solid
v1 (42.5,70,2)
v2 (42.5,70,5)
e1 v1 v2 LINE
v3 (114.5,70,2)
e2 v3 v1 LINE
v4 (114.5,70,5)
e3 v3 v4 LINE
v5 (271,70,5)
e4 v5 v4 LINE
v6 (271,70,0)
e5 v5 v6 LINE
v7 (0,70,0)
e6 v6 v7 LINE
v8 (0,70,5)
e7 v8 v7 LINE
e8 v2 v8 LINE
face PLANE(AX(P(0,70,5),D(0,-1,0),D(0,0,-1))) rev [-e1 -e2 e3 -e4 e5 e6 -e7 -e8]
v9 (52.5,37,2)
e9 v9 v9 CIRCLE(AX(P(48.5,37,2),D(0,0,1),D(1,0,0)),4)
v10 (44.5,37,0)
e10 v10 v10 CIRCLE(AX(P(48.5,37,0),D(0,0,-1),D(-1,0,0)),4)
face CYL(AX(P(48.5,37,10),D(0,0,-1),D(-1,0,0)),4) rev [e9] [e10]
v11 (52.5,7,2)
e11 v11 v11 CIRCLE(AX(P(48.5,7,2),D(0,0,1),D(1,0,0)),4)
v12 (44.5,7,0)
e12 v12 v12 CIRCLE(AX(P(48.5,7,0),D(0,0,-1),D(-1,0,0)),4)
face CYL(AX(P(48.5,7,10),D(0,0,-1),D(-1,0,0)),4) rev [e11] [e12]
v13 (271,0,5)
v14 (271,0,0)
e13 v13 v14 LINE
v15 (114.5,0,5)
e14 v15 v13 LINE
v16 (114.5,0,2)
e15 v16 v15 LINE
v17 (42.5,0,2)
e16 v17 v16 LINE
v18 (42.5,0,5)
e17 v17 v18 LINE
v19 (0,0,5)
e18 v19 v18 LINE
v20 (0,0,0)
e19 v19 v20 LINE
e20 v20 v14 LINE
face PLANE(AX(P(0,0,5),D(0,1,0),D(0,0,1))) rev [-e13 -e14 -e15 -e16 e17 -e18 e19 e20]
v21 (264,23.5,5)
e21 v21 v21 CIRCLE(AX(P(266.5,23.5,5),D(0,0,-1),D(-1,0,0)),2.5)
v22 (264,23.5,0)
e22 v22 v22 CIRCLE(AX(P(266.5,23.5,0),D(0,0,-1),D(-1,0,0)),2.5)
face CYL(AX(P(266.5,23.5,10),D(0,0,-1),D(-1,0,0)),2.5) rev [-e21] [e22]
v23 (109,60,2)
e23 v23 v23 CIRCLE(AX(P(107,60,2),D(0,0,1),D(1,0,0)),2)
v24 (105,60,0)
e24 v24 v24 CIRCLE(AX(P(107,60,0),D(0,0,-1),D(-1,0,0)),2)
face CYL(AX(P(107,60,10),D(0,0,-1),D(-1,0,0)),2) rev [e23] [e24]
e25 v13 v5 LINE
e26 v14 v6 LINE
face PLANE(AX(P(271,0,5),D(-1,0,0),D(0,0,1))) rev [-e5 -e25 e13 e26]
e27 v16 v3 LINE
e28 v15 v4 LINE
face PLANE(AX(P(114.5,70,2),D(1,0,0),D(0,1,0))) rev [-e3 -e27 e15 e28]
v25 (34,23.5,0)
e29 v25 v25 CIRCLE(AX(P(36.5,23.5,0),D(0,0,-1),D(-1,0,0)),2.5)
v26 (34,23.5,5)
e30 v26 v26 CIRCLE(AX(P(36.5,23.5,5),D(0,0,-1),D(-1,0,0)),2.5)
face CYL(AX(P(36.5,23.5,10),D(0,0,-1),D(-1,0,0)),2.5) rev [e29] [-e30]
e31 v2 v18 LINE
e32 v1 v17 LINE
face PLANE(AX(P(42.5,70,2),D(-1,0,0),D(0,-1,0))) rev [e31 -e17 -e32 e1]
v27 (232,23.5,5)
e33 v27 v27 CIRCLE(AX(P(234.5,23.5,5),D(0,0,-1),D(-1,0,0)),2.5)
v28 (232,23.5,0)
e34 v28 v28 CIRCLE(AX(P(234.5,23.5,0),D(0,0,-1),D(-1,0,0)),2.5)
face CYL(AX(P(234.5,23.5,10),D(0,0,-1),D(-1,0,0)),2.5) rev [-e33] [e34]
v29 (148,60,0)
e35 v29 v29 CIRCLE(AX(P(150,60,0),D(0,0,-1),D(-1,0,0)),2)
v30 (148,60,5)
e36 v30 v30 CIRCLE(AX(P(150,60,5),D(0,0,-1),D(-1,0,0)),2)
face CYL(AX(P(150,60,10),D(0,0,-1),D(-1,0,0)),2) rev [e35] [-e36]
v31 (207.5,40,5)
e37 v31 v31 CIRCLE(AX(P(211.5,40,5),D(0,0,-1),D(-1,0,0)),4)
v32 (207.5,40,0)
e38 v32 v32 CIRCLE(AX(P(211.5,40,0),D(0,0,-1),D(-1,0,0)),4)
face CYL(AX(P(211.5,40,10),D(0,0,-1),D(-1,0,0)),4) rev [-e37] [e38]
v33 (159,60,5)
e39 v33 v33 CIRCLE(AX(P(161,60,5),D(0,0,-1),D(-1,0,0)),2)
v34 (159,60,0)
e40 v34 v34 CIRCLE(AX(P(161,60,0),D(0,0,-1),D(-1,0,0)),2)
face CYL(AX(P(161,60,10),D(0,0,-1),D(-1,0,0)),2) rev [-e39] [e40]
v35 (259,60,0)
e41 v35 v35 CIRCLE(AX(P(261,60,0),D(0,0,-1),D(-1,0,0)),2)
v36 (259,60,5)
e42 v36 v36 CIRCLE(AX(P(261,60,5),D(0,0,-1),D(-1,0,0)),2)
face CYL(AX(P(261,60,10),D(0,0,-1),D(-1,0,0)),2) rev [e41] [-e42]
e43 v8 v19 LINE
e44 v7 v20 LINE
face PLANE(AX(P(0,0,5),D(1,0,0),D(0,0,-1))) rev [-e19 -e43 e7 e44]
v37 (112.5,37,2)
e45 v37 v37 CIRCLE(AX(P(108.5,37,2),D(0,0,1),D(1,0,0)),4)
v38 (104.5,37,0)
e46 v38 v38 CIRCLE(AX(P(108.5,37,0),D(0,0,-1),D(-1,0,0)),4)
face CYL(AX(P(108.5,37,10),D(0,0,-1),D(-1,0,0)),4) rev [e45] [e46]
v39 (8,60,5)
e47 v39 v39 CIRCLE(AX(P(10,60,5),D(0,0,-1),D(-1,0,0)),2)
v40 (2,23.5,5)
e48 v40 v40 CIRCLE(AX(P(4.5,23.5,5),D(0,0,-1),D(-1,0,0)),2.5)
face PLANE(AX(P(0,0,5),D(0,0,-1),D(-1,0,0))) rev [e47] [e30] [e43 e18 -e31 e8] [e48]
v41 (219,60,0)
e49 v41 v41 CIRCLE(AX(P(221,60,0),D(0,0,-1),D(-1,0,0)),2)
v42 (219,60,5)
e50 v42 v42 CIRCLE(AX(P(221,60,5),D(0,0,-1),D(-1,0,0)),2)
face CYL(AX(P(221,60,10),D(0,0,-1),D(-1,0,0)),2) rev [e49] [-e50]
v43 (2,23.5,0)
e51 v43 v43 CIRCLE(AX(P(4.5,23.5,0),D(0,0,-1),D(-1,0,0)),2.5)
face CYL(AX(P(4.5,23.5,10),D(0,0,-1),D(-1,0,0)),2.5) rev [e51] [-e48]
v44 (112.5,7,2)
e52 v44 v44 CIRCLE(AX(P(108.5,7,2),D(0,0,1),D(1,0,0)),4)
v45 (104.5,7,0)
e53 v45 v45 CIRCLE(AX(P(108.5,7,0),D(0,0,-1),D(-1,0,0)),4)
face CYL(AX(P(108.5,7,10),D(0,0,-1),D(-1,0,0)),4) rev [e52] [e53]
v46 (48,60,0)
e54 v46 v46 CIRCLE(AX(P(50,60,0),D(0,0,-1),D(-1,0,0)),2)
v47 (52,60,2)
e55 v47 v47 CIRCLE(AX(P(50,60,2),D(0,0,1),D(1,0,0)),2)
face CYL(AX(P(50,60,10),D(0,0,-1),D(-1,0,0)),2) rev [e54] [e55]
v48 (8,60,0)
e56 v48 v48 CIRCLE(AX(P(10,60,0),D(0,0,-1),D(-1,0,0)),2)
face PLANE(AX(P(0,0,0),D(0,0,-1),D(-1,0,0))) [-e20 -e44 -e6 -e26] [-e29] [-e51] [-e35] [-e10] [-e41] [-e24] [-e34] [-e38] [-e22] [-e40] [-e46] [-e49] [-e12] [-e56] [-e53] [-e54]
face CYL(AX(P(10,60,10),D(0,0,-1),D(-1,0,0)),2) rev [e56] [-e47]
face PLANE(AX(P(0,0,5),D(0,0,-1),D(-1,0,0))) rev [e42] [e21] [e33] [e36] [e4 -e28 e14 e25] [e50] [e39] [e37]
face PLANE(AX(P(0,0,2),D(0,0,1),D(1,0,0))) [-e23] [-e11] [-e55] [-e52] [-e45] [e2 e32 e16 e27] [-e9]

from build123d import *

# Parameters (mm, degrees)
SKIZZE1_W                       = 271
SKIZZE1_H                       = 70
AUFSATZ_LINEAR_AUSTRAGEN1_DEPTH = 5
SKIZZE2_W                       = 72
SKIZZE2_H                       = 70
SCHNITT_LINEAR_AUSTRAGEN1_DEPTH = 3
SKIZZE3_R                       = 4
SCHNITT_LINEAR_AUSTRAGEN2_DEPTH = 10
SKIZZE4_R                       = 2.5
SCHNITT_LINEAR_AUSTRAGEN3_DEPTH = 10
SKIZZE5_R                       = 2.5
SCHNITT_LINEAR_AUSTRAGEN4_DEPTH = 10
SKIZZE6_R                       = 2
SCHNITT_LINEAR_AUSTRAGEN5_DEPTH = 10
SKIZZE7_R                       = 4
SCHNITT_LINEAR_AUSTRAGEN6_DEPTH = 10
SKIZZE8_R                       = 2
SCHNITT_LINEAR_AUSTRAGEN7_DEPTH = 10


with BuildPart() as part:
    # Skizze1 → Aufsatz-Linear austragen1 (new body)
    with BuildSketch(Plane.XY):
        with Locations((135.5, 35)):
            Rectangle(SKIZZE1_W, SKIZZE1_H)
    extrude(amount=AUFSATZ_LINEAR_AUSTRAGEN1_DEPTH)

    # Skizze2 → Schnitt-Linear austragen1 (cut)
    with BuildSketch(Plane.XY.offset(5)):
        with Locations((78.5, 35)):
            Rectangle(SKIZZE2_W, SKIZZE2_H)
    extrude(amount=-SCHNITT_LINEAR_AUSTRAGEN1_DEPTH, mode=Mode.SUBTRACT)

    # Skizze3 → Schnitt-Linear austragen2 (cut)
    with BuildSketch(Plane(origin=(0, 0, 0), x_dir=(-1, 0, 0), z_dir=(0, 0, -1))):
        with Locations((-48.5, 37)):
            Circle(SKIZZE3_R)
        with Locations((-108.5, 37)):
            Circle(SKIZZE3_R)
        with Locations((-108.5, 7)):
            Circle(SKIZZE3_R)
        with Locations((-48.5, 7)):
            Circle(SKIZZE3_R)
    extrude(amount=-SCHNITT_LINEAR_AUSTRAGEN2_DEPTH, mode=Mode.SUBTRACT)

    # Skizze4 → Schnitt-Linear austragen3 (cut)
    with BuildSketch(Plane(origin=(0, 0, 0), x_dir=(-1, 0, 0), z_dir=(0, 0, -1))):
        with Locations((-234.5, 23.5)):
            Circle(SKIZZE4_R)
        with Locations((-266.5, 23.5)):
            Circle(SKIZZE4_R)
    extrude(amount=-SCHNITT_LINEAR_AUSTRAGEN3_DEPTH, mode=Mode.SUBTRACT)

    # Skizze5 → Schnitt-Linear austragen4 (cut)
    with BuildSketch(Plane(origin=(0, 0, 0), x_dir=(-1, 0, 0), z_dir=(0, 0, -1))):
        with Locations((-36.5, 23.5)):
            Circle(SKIZZE5_R)
        with Locations((-4.5, 23.5)):
            Circle(SKIZZE5_R)
    extrude(amount=-SCHNITT_LINEAR_AUSTRAGEN4_DEPTH, mode=Mode.SUBTRACT)

    # Skizze6 → Schnitt-Linear austragen5 (cut)
    with BuildSketch(Plane(origin=(0, 0, 0), x_dir=(-1, 0, 0), z_dir=(0, 0, -1))):
        with Locations((-10, 60)):
            Circle(SKIZZE6_R)
        with Locations((-50, 60)):
            Circle(SKIZZE6_R)
        with Locations((-161, 60)):
            Circle(SKIZZE6_R)
        with Locations((-221, 60)):
            Circle(SKIZZE6_R)
        with Locations((-261, 60)):
            Circle(SKIZZE6_R)
        with Locations((-107, 60)):
            Circle(SKIZZE6_R)
    extrude(amount=-SCHNITT_LINEAR_AUSTRAGEN5_DEPTH, mode=Mode.SUBTRACT)

    # Skizze7 → Schnitt-Linear austragen6 (cut)
    with BuildSketch(Plane(origin=(0, 0, 0), x_dir=(-1, 0, 0), z_dir=(0, 0, -1))):
        with Locations((-211.5, 40)):
            Circle(SKIZZE7_R)
    extrude(amount=-SCHNITT_LINEAR_AUSTRAGEN6_DEPTH, mode=Mode.SUBTRACT)

    # Skizze8 → Schnitt-Linear austragen7 (cut)
    with BuildSketch(Plane(origin=(0, 0, 0), x_dir=(-1, 0, 0), z_dir=(0, 0, -1))):
        with Locations((-150, 60)):
            Circle(SKIZZE8_R)
    extrude(amount=-SCHNITT_LINEAR_AUSTRAGEN7_DEPTH, mode=Mode.SUBTRACT)


solid = part.part
